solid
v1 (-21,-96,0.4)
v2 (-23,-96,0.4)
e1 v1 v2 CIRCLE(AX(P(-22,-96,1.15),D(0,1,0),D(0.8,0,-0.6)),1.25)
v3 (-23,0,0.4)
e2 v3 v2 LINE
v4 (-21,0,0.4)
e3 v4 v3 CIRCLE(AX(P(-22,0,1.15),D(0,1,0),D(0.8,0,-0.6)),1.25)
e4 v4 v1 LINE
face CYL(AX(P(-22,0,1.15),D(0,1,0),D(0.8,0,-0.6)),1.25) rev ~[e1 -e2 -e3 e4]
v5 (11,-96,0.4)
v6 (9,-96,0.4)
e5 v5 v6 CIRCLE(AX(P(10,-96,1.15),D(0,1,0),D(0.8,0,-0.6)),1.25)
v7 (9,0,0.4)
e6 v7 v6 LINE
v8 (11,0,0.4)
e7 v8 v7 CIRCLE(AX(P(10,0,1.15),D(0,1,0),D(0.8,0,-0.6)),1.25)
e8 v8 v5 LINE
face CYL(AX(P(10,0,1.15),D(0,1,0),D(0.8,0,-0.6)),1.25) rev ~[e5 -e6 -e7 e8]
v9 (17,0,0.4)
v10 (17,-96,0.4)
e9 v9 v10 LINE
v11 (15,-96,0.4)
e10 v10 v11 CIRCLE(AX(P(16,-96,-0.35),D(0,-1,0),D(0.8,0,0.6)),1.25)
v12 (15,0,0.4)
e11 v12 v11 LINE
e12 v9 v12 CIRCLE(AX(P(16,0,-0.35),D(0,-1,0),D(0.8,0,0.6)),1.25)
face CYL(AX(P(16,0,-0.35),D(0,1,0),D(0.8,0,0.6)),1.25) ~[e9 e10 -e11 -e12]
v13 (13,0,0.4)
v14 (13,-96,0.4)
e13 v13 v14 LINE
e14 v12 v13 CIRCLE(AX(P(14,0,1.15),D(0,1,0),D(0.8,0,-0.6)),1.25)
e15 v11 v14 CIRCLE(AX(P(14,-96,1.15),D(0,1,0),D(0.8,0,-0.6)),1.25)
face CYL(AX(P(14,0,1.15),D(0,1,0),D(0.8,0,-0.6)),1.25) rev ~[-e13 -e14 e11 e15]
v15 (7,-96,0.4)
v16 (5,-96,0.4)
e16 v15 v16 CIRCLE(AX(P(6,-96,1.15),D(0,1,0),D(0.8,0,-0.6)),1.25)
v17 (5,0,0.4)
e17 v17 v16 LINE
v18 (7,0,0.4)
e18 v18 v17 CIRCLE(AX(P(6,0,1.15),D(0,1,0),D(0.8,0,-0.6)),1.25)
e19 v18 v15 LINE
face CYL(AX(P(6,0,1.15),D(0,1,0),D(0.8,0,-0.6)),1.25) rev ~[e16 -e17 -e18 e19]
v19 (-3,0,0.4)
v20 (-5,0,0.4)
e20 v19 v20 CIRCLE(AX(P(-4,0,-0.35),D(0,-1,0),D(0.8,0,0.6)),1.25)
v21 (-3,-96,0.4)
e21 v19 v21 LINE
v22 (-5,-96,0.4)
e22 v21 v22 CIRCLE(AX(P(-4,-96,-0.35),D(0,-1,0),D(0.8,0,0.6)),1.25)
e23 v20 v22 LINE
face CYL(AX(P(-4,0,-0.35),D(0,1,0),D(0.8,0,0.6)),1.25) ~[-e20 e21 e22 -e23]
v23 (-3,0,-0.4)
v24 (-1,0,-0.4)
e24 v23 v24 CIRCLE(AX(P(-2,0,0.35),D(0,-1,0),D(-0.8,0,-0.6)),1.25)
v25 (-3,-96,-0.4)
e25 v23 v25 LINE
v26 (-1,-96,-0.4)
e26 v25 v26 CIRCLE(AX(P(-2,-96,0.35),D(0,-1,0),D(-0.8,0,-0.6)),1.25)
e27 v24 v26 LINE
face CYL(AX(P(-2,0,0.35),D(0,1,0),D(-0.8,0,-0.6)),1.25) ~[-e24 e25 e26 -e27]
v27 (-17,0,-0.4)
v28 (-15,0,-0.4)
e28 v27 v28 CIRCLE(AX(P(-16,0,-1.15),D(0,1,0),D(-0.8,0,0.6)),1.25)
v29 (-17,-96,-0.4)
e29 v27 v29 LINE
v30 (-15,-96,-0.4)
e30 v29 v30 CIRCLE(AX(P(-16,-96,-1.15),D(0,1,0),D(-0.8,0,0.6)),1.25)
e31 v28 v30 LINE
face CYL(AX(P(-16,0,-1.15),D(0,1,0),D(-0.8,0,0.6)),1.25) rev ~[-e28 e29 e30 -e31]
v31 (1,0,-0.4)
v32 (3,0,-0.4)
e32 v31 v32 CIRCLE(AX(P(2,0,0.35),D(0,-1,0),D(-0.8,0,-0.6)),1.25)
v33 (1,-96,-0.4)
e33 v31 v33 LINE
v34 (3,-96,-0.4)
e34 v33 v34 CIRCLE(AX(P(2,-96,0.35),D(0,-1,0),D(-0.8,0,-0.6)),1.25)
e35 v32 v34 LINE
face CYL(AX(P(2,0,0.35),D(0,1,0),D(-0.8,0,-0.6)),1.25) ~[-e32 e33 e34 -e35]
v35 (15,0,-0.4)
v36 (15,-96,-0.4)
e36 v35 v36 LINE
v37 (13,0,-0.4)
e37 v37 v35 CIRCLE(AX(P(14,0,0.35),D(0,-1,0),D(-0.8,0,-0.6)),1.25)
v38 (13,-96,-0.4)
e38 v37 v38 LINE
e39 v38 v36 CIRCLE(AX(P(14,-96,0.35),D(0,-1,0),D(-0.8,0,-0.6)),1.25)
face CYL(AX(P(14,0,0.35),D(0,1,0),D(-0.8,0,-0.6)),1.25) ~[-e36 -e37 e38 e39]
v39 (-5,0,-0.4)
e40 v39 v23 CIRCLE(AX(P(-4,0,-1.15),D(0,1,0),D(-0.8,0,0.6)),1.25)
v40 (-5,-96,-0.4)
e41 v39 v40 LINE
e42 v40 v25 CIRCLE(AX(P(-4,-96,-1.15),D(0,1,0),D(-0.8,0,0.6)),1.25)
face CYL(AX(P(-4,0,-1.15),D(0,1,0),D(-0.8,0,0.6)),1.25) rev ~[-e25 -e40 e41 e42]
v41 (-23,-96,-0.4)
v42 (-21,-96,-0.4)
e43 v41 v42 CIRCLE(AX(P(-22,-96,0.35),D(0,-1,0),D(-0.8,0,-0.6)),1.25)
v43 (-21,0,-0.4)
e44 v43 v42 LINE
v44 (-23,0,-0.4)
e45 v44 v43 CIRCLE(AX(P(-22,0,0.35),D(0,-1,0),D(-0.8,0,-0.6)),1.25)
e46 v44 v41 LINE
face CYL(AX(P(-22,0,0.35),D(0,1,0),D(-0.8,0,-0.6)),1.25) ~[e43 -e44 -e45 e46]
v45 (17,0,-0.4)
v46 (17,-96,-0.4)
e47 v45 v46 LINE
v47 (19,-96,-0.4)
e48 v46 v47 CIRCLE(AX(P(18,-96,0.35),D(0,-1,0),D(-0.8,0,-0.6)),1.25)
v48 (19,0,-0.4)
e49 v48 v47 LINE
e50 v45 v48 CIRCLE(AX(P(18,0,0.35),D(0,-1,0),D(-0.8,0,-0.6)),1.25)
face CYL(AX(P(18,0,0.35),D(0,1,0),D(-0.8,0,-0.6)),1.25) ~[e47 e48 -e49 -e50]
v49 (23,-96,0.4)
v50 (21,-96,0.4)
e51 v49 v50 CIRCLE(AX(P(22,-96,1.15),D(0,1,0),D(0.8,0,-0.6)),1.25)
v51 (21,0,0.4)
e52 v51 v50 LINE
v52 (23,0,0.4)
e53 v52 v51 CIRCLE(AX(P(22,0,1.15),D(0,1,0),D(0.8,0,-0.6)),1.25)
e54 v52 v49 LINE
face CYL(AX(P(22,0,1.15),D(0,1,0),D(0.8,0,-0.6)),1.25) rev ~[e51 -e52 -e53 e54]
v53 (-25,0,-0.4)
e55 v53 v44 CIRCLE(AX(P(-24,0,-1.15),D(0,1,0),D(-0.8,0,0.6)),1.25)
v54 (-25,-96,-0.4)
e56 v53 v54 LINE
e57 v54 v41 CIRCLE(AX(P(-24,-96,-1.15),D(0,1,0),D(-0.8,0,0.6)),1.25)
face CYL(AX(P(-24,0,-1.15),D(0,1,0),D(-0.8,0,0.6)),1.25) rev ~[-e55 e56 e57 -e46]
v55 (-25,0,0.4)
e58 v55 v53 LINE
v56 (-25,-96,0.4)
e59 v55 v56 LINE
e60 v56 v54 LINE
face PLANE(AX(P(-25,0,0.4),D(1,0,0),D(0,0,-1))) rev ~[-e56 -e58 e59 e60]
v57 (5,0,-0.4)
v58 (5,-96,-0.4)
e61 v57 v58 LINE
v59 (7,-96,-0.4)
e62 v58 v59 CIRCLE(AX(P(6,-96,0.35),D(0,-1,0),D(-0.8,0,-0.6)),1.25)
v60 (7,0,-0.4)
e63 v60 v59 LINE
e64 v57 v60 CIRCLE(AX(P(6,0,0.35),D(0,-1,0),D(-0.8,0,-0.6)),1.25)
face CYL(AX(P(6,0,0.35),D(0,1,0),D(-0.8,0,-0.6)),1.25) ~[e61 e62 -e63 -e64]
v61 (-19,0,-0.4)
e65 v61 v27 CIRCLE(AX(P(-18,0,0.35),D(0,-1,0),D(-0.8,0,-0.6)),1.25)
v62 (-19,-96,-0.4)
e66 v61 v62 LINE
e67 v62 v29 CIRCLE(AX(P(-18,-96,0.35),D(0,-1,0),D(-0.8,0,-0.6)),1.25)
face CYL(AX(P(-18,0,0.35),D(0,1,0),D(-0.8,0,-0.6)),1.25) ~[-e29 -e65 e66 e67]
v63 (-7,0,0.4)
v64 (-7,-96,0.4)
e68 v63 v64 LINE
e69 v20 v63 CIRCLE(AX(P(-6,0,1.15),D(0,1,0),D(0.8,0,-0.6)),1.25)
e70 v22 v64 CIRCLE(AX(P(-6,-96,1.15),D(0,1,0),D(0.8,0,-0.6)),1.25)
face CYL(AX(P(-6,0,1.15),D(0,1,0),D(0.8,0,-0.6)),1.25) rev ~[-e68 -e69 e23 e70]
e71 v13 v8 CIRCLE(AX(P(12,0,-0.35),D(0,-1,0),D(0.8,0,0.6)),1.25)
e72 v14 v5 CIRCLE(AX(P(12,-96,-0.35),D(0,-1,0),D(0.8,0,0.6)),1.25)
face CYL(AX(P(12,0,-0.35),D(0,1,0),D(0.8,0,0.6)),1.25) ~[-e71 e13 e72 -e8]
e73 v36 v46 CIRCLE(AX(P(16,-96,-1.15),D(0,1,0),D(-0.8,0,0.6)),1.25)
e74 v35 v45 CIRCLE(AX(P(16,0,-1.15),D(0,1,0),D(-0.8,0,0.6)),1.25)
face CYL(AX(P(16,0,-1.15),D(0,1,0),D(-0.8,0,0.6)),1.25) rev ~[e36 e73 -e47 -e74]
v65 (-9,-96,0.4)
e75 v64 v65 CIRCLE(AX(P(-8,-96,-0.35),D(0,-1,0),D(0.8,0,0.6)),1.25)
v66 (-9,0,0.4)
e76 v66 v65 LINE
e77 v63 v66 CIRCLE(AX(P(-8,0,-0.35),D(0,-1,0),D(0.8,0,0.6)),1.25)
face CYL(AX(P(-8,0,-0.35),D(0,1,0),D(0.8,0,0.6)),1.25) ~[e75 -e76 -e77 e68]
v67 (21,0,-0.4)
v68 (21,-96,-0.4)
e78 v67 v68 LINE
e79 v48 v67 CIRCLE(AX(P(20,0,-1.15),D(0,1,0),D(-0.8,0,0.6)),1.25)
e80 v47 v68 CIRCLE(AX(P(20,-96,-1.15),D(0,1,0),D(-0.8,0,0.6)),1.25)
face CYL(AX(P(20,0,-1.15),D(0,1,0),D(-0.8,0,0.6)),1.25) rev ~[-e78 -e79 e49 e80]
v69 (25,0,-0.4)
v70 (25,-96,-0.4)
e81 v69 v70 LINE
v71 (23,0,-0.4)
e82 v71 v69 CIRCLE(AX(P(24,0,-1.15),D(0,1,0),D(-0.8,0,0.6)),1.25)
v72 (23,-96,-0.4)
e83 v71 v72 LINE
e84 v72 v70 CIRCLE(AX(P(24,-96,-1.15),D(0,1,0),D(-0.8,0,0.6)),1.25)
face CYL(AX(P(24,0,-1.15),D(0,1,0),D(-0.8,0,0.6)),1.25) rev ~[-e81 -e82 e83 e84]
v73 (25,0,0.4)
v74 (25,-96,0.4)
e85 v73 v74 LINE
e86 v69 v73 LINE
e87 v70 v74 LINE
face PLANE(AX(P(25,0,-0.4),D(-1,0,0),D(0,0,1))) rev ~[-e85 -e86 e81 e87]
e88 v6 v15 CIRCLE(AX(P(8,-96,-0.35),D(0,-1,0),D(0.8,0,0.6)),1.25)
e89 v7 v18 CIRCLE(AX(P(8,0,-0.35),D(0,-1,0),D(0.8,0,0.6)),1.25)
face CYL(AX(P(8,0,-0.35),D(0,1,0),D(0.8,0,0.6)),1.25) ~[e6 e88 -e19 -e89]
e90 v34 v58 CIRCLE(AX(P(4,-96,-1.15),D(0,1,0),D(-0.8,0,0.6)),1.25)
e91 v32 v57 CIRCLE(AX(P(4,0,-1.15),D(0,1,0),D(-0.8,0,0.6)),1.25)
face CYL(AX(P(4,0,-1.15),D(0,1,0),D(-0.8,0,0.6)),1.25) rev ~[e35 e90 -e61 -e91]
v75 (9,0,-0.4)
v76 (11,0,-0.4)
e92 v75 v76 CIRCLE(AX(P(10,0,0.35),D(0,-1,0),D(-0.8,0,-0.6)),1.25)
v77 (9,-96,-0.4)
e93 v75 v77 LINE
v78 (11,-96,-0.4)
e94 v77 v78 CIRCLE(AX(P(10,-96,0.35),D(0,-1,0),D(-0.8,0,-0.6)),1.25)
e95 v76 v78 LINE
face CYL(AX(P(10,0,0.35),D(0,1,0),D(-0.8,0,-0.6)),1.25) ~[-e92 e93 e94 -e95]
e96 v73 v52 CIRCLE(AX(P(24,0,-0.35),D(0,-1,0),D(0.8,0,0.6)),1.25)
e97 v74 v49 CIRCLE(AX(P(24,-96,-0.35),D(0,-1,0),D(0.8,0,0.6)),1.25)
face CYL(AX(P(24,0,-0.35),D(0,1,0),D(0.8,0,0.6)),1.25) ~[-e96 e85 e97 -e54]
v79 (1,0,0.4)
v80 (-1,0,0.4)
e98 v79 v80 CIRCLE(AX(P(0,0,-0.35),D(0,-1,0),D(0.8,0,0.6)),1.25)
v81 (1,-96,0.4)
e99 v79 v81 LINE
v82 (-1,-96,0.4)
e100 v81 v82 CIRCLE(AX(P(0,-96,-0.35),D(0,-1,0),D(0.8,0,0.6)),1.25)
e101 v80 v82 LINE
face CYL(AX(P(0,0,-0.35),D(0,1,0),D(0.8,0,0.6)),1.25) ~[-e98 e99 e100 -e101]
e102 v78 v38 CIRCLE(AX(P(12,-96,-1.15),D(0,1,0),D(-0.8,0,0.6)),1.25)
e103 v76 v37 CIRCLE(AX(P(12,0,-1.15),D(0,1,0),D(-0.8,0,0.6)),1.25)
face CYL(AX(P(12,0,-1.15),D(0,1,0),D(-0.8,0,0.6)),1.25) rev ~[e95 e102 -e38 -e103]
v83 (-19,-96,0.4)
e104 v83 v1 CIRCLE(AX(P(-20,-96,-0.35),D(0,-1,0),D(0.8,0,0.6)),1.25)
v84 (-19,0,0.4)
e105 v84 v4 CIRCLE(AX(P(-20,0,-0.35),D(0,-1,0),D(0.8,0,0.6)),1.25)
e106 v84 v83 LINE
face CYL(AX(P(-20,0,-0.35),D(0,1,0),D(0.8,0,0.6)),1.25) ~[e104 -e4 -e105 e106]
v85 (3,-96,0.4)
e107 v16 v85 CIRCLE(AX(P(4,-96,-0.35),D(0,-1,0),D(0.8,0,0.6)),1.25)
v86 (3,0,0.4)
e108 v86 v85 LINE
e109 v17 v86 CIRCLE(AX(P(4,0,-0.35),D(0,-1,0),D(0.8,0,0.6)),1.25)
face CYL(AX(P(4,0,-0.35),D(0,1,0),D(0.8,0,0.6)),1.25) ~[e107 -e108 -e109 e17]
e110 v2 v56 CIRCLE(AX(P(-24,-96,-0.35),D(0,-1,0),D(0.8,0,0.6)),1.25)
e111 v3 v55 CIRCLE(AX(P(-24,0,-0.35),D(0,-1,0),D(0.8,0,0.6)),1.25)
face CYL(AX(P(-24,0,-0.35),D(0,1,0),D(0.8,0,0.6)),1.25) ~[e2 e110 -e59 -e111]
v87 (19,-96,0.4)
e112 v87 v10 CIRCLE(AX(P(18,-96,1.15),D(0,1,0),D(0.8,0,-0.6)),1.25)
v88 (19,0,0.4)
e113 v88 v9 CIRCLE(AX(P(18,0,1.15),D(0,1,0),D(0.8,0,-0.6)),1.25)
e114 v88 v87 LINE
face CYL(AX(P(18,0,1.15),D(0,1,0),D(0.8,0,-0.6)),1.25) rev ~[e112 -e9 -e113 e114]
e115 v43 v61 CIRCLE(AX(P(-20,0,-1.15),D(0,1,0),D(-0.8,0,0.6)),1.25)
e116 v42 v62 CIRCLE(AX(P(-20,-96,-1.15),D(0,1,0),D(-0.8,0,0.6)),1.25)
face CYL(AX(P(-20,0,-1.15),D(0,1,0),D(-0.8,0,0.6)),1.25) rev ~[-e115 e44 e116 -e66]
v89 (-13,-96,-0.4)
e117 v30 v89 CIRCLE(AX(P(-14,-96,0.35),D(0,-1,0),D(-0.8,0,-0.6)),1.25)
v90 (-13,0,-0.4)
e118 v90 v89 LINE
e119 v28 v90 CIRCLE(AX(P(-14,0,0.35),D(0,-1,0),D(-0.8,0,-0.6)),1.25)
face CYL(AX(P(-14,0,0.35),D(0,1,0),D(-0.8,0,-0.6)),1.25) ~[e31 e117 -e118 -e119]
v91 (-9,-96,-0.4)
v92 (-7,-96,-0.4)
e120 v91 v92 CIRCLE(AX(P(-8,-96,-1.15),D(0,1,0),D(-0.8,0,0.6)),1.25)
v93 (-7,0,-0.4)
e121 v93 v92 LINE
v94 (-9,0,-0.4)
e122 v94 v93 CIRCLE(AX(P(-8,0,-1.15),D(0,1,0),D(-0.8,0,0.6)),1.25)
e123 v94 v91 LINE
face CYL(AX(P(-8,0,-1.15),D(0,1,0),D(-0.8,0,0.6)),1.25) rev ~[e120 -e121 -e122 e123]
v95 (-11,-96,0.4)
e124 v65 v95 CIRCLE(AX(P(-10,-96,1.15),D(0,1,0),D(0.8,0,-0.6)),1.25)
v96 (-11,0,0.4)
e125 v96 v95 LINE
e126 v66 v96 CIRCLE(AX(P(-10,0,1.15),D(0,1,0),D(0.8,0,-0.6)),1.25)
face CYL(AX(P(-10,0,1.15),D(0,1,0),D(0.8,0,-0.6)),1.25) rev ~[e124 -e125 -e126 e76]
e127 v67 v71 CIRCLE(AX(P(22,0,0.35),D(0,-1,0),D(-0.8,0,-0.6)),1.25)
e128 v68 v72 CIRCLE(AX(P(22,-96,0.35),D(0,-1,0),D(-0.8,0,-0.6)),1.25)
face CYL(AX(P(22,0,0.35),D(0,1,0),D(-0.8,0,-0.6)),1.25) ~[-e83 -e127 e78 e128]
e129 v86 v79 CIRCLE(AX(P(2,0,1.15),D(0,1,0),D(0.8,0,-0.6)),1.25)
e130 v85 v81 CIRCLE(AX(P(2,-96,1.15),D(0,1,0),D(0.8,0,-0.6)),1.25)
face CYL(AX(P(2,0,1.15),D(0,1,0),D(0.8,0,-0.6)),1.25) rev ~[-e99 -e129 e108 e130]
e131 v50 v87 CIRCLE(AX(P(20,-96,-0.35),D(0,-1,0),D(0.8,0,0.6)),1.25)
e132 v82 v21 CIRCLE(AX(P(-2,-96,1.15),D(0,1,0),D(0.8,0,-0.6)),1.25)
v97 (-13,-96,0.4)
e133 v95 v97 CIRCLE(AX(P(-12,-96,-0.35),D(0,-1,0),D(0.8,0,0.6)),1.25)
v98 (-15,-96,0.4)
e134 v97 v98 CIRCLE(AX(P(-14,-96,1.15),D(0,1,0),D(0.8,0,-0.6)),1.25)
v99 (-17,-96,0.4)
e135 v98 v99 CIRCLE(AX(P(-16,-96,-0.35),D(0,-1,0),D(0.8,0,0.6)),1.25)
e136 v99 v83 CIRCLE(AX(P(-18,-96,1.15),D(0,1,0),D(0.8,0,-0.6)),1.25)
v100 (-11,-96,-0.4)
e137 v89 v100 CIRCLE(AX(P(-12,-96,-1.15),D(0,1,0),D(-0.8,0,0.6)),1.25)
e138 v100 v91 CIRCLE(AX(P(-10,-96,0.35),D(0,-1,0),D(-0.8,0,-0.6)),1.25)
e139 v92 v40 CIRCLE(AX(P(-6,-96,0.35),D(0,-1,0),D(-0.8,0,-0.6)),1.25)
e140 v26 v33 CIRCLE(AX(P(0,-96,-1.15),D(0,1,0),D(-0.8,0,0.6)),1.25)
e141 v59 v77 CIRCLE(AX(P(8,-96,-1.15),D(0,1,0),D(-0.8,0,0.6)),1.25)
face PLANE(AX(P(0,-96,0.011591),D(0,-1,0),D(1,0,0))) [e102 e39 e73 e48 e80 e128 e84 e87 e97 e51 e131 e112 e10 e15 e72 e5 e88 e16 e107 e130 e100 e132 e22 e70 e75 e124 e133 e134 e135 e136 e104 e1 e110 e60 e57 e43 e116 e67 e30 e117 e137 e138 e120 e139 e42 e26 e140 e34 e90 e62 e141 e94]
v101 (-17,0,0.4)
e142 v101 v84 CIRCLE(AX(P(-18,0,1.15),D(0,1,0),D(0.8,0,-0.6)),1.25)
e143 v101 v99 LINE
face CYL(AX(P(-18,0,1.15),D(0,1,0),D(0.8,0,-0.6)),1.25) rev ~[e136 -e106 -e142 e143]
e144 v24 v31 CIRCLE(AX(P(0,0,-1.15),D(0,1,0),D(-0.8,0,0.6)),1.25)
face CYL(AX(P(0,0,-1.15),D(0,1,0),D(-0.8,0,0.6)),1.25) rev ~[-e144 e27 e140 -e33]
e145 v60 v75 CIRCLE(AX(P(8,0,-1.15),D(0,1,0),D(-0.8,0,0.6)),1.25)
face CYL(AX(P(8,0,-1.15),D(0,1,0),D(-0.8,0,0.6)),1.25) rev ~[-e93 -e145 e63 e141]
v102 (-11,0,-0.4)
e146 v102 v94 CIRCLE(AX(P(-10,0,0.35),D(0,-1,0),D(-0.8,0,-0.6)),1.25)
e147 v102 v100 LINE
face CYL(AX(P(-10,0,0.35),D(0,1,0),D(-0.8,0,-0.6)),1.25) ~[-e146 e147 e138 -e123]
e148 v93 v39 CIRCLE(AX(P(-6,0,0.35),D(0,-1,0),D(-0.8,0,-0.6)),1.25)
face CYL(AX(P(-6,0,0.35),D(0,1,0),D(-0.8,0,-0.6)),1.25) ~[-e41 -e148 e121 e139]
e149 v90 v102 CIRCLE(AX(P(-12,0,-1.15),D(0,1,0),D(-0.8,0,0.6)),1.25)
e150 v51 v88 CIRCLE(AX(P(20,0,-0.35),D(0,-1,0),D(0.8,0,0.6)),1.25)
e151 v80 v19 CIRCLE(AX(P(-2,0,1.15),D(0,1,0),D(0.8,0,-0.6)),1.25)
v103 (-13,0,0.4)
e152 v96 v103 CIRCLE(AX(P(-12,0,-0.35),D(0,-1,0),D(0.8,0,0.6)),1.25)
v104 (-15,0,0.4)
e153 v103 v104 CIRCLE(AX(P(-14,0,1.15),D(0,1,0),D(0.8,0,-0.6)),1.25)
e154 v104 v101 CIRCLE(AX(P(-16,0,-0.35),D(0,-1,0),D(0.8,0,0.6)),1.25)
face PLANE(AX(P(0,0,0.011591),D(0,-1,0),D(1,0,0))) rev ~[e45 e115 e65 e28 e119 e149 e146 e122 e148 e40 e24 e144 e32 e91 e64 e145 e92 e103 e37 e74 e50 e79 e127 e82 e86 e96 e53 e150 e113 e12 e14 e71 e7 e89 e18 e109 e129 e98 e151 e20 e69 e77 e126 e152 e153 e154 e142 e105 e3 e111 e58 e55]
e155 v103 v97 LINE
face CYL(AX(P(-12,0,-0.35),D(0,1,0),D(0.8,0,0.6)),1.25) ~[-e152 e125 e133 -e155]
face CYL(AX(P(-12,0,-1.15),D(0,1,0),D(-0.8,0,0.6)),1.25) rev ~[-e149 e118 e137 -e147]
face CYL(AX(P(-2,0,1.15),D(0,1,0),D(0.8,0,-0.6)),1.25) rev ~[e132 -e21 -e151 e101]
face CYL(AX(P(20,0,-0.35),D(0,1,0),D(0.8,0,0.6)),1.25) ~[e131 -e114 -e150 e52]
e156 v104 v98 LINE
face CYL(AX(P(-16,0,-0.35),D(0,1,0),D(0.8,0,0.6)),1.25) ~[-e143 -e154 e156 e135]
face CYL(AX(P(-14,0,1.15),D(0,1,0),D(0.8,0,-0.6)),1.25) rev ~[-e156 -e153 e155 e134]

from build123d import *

# Parameters (mm, degrees)
F1_DEPTH = 96


with BuildPart() as f1:
    # F0 (on Front) → F1 (new body)
    with BuildSketch(Plane.XZ):
        with BuildLine():
            ThreePointArc((-21, -0.4), (-20, 0.1), (-19, -0.4))
            ThreePointArc((-19, -0.4), (-18, -0.9), (-17, -0.4))
            ThreePointArc((-17, -0.4), (-16, 0.1), (-15, -0.4))
            ThreePointArc((-15, -0.4), (-14, -0.9), (-13, -0.4))
            ThreePointArc((-13, -0.4), (-12, 0.1), (-11, -0.4))
            ThreePointArc((-11, -0.4), (-10, -0.9), (-9, -0.4))
            ThreePointArc((-9, -0.4), (-8, 0.1), (-7, -0.4))
            ThreePointArc((-7, -0.4), (-6, -0.9), (-5, -0.4))
            ThreePointArc((-5, -0.4), (-4, 0.1), (-3, -0.4))
            ThreePointArc((-3, -0.4), (-2, -0.9), (-1, -0.4))
            ThreePointArc((-1, -0.4), (0, 0.1), (1, -0.4))
            ThreePointArc((1, -0.4), (2, -0.9), (3, -0.4))
            ThreePointArc((3, -0.4), (4, 0.1), (5, -0.4))
            ThreePointArc((5, -0.4), (6, -0.9), (7, -0.4))
            ThreePointArc((7, -0.4), (8, 0.1), (9, -0.4))
            ThreePointArc((9, -0.4), (10, -0.9), (11, -0.4))
            ThreePointArc((11, -0.4), (12, 0.1), (13, -0.4))
            ThreePointArc((13, -0.4), (14, -0.9), (15, -0.4))
            ThreePointArc((15, -0.4), (16, 0.1), (17, -0.4))
            ThreePointArc((17, -0.4), (18, -0.9), (19, -0.4))
            ThreePointArc((19, -0.4), (20, 0.1), (21, -0.4))
            ThreePointArc((21, -0.4), (22, -0.9), (23, -0.4))
            ThreePointArc((23, -0.4), (24, 0.1), (25, -0.4))
            Line((25, -0.4), (25, 0.4))
            ThreePointArc((25, 0.4), (24, 0.9), (23, 0.4))
            ThreePointArc((23, 0.4), (22, -0.1), (21, 0.4))
            ThreePointArc((21, 0.4), (20, 0.9), (19, 0.4))
            ThreePointArc((19, 0.4), (18, -0.1), (17, 0.4))
            ThreePointArc((17, 0.4), (16, 0.9), (15, 0.4))
            ThreePointArc((15, 0.4), (14, -0.1), (13, 0.4))
            ThreePointArc((13, 0.4), (12, 0.9), (11, 0.4))
            ThreePointArc((11, 0.4), (10, -0.1), (9, 0.4))
            ThreePointArc((9, 0.4), (8, 0.9), (7, 0.4))
            ThreePointArc((7, 0.4), (6, -0.1), (5, 0.4))
            ThreePointArc((5, 0.4), (4, 0.9), (3, 0.4))
            ThreePointArc((3, 0.4), (2, -0.1), (1, 0.4))
            ThreePointArc((1, 0.4), (0, 0.9), (-1, 0.4))
            ThreePointArc((-1, 0.4), (-2, -0.1), (-3, 0.4))
            ThreePointArc((-3, 0.4), (-4, 0.9), (-5, 0.4))
            ThreePointArc((-5, 0.4), (-6, -0.1), (-7, 0.4))
            ThreePointArc((-7, 0.4), (-8, 0.9), (-9, 0.4))
            ThreePointArc((-9, 0.4), (-10, -0.1), (-11, 0.4))
            ThreePointArc((-11, 0.4), (-12, 0.9), (-13, 0.4))
            ThreePointArc((-13, 0.4), (-14, -0.1), (-15, 0.4))
            ThreePointArc((-15, 0.4), (-16, 0.9), (-17, 0.4))
            ThreePointArc((-17, 0.4), (-18, -0.1), (-19, 0.4))
            ThreePointArc((-19, 0.4), (-20, 0.9), (-21, 0.4))
            ThreePointArc((-21, 0.4), (-22, -0.1), (-23, 0.4))
            ThreePointArc((-23, 0.4), (-24, 0.9), (-25, 0.4))
            Line((-25, 0.4), (-25, -0.4))
            ThreePointArc((-25, -0.4), (-24, 0.1), (-23, -0.4))
            ThreePointArc((-23, -0.4), (-22, -0.9), (-21, -0.4))
        make_face()
    extrude(amount=F1_DEPTH)


solid = f1.part
